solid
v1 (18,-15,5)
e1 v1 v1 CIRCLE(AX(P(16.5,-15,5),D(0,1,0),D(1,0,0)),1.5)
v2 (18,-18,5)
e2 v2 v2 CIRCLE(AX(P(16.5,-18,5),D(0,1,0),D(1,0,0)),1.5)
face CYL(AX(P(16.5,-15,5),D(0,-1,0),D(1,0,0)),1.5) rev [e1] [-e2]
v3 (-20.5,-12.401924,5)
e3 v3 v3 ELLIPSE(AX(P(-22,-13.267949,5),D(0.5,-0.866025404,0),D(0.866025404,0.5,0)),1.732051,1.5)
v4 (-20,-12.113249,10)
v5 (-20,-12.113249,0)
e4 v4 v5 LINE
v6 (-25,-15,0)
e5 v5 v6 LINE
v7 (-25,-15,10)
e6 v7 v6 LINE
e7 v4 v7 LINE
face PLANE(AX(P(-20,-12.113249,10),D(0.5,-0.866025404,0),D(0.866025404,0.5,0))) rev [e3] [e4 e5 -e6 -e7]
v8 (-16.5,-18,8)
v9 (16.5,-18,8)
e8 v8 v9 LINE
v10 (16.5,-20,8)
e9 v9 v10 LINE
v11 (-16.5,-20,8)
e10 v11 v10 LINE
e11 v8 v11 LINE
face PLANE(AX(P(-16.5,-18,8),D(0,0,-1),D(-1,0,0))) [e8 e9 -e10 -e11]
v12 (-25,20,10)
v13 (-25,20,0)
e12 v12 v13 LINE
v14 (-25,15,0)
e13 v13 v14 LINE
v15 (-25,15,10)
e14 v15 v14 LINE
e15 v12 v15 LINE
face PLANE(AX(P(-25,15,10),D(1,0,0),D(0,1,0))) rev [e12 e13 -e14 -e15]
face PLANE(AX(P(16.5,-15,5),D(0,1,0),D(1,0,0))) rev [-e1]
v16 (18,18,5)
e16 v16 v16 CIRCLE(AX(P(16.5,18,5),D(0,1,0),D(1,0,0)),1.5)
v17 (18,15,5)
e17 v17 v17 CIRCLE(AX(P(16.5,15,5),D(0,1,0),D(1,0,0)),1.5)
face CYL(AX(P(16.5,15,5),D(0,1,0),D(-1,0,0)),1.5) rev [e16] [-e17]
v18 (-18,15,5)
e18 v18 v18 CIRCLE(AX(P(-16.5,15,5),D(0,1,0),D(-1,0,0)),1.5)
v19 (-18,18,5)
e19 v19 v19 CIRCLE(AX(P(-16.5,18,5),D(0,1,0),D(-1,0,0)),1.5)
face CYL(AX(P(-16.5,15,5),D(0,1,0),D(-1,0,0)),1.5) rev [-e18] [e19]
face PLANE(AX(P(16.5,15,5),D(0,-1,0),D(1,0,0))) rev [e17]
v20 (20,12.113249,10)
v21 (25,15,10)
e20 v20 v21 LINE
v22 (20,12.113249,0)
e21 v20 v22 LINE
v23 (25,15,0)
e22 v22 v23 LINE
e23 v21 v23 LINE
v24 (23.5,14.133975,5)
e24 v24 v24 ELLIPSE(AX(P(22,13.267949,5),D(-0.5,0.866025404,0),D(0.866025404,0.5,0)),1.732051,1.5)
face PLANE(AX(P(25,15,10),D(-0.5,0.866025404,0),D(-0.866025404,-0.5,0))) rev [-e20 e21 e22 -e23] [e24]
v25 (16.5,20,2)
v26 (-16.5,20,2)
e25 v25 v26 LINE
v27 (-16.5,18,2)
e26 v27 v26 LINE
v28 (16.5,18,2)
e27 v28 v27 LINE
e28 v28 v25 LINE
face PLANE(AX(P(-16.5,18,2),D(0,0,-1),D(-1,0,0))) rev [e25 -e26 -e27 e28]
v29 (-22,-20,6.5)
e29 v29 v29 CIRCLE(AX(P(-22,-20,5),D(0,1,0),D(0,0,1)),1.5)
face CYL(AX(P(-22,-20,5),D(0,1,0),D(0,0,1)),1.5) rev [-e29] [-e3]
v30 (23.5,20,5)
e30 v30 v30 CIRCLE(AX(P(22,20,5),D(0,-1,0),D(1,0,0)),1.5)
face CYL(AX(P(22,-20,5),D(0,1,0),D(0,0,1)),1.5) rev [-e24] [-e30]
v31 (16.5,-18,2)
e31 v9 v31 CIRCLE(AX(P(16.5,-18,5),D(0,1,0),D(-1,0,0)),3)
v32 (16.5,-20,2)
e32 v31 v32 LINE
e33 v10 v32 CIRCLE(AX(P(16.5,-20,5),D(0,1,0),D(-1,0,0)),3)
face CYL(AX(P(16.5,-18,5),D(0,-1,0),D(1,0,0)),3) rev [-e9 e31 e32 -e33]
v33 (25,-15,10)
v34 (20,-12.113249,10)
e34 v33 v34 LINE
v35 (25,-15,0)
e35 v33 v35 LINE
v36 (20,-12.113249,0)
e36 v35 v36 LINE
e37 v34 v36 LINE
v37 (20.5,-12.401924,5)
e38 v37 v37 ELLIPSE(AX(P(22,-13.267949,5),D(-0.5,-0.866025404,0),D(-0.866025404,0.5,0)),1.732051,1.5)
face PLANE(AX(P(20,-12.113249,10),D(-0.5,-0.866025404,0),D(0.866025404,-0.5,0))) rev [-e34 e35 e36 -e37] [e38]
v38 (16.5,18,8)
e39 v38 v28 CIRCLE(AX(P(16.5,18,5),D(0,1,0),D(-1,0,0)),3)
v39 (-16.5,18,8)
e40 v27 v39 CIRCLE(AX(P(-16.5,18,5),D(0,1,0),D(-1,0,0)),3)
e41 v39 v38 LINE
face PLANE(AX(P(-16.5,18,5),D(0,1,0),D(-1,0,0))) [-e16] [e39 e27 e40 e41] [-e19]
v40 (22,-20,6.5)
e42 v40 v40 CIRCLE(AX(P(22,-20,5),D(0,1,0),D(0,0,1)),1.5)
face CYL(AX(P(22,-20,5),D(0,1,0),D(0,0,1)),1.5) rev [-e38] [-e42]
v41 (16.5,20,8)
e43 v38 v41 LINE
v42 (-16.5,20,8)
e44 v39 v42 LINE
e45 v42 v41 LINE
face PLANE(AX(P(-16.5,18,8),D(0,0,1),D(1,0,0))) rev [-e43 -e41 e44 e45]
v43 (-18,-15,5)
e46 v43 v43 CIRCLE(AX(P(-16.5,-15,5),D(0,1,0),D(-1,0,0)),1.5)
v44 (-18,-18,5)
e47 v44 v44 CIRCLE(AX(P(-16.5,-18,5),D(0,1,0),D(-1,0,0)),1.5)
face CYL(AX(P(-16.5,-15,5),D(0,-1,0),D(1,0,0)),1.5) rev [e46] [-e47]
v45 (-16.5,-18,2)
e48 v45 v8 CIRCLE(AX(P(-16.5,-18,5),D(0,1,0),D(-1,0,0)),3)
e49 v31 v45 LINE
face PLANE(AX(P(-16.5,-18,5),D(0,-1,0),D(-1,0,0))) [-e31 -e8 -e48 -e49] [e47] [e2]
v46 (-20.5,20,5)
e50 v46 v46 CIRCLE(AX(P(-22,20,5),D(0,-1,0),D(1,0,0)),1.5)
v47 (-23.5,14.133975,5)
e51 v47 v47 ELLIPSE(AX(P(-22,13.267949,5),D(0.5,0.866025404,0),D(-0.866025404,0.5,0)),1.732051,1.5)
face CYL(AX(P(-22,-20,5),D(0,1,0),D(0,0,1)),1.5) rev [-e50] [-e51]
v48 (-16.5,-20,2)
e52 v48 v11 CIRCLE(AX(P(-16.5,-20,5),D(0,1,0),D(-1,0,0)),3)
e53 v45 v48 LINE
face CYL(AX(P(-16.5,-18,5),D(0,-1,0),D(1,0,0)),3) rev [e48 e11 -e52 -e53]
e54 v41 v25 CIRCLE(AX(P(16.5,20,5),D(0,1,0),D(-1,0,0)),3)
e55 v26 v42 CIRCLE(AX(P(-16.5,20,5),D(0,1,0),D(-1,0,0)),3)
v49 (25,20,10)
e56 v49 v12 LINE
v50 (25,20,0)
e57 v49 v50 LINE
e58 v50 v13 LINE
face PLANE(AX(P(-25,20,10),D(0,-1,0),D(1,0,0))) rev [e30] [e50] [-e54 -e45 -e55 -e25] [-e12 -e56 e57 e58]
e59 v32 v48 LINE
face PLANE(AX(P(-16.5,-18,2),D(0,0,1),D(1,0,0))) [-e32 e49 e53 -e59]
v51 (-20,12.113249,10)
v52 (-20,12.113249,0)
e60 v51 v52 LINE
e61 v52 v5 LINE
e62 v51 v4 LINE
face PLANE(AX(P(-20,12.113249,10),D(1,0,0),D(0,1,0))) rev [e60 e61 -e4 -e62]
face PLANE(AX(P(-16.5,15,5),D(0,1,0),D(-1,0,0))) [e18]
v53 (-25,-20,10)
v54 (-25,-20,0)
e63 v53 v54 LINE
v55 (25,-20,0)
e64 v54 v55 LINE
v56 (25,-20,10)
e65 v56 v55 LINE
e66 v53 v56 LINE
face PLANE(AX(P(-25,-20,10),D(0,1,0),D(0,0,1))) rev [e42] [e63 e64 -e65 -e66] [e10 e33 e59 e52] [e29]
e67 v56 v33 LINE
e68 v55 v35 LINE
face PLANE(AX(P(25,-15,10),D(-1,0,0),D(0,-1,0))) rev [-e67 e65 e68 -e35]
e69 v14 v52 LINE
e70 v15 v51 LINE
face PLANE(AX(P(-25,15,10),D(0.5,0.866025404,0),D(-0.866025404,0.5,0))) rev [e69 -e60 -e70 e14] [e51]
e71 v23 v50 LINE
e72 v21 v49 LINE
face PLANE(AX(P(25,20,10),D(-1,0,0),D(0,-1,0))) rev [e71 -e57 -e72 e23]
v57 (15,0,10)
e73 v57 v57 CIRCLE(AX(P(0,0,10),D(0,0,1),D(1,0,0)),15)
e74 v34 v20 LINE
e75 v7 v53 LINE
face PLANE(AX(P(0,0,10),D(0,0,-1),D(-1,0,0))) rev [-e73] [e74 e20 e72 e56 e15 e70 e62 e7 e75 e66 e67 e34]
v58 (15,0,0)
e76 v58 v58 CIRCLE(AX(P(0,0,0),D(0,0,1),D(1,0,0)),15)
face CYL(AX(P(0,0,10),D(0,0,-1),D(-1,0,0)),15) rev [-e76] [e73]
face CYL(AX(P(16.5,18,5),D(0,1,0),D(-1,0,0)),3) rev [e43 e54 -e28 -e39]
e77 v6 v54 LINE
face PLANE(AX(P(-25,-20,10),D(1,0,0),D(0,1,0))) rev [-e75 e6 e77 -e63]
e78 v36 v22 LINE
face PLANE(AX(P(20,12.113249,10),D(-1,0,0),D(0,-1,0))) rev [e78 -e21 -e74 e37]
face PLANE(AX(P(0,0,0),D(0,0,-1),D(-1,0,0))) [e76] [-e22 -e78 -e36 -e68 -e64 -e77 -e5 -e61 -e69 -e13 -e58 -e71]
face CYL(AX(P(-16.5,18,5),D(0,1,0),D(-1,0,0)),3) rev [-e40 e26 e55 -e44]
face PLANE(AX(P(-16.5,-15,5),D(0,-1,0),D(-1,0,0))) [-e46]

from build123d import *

# Parameters (mm, degrees)
SKETCH_1_R               = 15
EXTRUDE_1_DEPTH          = 10
CUT_EXTRUDE_1_DEPTH      = 49.218253805
CUT_EXTRUDE_1_DEPTH_BACK = 49.218253805
SKETCH_2_R               = 1.5
CUT_EXTRUDE_2_DEPTH      = 2
SKETCH_4_R               = 1.5
CUT_EXTRUDE_3_DEPTH      = 3


with BuildPart() as part:
    # 草图1 → 凸台-拉伸1 (new body)
    with BuildSketch(Plane.XY):
        Polygon((-25, -20), (-25, -15), (-20, -12.113248654), (-20, 12.113248654), (-25, 15), (-25, 20), (25, 20), (25, 15), (20, 12.113248654), (20, -12.113248654), (25, -15), (25, -20), align=None)
        Circle(SKETCH_1_R, mode=Mode.SUBTRACT)
    extrude(amount=EXTRUDE_1_DEPTH)

    # 草图2 → 切除-拉伸1 (cut, two sides: drawn at the far end of the back side and taken through both)
    with BuildSketch(Plane(origin=(0, 20, 0), x_dir=(1, 0, 0), z_dir=(0, 1, 0)).offset(-CUT_EXTRUDE_1_DEPTH_BACK)):
        with Locations((-22, -5)):
            Circle(SKETCH_2_R)
        with Locations((22, -5)):
            Circle(SKETCH_2_R)
    extrude(amount=CUT_EXTRUDE_1_DEPTH + CUT_EXTRUDE_1_DEPTH_BACK, mode=Mode.SUBTRACT)

    # 草图3 → 切除-拉伸2 (cut)
    with BuildSketch(Plane(origin=(0, 20, 0), x_dir=(1, 0, 0), z_dir=(0, 1, 0))):
        with BuildLine():
            Line((-16.5, -2), (16.5, -2))
            ThreePointArc((16.5, -2), (19.5, -5), (16.5, -8))
            Line((16.5, -8), (-16.5, -8))
            ThreePointArc((-16.5, -8), (-19.5, -5), (-16.5, -2))
        make_face()
    cut_extrude_2 = extrude(amount=-CUT_EXTRUDE_2_DEPTH, mode=Mode.SUBTRACT)

    # 草图4 → 切除-拉伸3 (cut)
    with BuildSketch(Plane(origin=(0, 18, 0), x_dir=(1, 0, 0), z_dir=(0, 1, 0))):
        with Locations(Location((-16.5, -5, 0), (0, 0, 180))):
            Circle(SKETCH_4_R)
        with Locations((16.5, -5)):
            Circle(SKETCH_4_R)
    cut_extrude_3 = extrude(amount=-CUT_EXTRUDE_3_DEPTH, mode=Mode.SUBTRACT)

    # 镜向1: 切除-拉伸2, 切除-拉伸3 across plane
    add(cut_extrude_2.mirror(Plane.ZX), mode=Mode.SUBTRACT)
    add(cut_extrude_3.mirror(Plane.ZX), mode=Mode.SUBTRACT)


solid = part.part
